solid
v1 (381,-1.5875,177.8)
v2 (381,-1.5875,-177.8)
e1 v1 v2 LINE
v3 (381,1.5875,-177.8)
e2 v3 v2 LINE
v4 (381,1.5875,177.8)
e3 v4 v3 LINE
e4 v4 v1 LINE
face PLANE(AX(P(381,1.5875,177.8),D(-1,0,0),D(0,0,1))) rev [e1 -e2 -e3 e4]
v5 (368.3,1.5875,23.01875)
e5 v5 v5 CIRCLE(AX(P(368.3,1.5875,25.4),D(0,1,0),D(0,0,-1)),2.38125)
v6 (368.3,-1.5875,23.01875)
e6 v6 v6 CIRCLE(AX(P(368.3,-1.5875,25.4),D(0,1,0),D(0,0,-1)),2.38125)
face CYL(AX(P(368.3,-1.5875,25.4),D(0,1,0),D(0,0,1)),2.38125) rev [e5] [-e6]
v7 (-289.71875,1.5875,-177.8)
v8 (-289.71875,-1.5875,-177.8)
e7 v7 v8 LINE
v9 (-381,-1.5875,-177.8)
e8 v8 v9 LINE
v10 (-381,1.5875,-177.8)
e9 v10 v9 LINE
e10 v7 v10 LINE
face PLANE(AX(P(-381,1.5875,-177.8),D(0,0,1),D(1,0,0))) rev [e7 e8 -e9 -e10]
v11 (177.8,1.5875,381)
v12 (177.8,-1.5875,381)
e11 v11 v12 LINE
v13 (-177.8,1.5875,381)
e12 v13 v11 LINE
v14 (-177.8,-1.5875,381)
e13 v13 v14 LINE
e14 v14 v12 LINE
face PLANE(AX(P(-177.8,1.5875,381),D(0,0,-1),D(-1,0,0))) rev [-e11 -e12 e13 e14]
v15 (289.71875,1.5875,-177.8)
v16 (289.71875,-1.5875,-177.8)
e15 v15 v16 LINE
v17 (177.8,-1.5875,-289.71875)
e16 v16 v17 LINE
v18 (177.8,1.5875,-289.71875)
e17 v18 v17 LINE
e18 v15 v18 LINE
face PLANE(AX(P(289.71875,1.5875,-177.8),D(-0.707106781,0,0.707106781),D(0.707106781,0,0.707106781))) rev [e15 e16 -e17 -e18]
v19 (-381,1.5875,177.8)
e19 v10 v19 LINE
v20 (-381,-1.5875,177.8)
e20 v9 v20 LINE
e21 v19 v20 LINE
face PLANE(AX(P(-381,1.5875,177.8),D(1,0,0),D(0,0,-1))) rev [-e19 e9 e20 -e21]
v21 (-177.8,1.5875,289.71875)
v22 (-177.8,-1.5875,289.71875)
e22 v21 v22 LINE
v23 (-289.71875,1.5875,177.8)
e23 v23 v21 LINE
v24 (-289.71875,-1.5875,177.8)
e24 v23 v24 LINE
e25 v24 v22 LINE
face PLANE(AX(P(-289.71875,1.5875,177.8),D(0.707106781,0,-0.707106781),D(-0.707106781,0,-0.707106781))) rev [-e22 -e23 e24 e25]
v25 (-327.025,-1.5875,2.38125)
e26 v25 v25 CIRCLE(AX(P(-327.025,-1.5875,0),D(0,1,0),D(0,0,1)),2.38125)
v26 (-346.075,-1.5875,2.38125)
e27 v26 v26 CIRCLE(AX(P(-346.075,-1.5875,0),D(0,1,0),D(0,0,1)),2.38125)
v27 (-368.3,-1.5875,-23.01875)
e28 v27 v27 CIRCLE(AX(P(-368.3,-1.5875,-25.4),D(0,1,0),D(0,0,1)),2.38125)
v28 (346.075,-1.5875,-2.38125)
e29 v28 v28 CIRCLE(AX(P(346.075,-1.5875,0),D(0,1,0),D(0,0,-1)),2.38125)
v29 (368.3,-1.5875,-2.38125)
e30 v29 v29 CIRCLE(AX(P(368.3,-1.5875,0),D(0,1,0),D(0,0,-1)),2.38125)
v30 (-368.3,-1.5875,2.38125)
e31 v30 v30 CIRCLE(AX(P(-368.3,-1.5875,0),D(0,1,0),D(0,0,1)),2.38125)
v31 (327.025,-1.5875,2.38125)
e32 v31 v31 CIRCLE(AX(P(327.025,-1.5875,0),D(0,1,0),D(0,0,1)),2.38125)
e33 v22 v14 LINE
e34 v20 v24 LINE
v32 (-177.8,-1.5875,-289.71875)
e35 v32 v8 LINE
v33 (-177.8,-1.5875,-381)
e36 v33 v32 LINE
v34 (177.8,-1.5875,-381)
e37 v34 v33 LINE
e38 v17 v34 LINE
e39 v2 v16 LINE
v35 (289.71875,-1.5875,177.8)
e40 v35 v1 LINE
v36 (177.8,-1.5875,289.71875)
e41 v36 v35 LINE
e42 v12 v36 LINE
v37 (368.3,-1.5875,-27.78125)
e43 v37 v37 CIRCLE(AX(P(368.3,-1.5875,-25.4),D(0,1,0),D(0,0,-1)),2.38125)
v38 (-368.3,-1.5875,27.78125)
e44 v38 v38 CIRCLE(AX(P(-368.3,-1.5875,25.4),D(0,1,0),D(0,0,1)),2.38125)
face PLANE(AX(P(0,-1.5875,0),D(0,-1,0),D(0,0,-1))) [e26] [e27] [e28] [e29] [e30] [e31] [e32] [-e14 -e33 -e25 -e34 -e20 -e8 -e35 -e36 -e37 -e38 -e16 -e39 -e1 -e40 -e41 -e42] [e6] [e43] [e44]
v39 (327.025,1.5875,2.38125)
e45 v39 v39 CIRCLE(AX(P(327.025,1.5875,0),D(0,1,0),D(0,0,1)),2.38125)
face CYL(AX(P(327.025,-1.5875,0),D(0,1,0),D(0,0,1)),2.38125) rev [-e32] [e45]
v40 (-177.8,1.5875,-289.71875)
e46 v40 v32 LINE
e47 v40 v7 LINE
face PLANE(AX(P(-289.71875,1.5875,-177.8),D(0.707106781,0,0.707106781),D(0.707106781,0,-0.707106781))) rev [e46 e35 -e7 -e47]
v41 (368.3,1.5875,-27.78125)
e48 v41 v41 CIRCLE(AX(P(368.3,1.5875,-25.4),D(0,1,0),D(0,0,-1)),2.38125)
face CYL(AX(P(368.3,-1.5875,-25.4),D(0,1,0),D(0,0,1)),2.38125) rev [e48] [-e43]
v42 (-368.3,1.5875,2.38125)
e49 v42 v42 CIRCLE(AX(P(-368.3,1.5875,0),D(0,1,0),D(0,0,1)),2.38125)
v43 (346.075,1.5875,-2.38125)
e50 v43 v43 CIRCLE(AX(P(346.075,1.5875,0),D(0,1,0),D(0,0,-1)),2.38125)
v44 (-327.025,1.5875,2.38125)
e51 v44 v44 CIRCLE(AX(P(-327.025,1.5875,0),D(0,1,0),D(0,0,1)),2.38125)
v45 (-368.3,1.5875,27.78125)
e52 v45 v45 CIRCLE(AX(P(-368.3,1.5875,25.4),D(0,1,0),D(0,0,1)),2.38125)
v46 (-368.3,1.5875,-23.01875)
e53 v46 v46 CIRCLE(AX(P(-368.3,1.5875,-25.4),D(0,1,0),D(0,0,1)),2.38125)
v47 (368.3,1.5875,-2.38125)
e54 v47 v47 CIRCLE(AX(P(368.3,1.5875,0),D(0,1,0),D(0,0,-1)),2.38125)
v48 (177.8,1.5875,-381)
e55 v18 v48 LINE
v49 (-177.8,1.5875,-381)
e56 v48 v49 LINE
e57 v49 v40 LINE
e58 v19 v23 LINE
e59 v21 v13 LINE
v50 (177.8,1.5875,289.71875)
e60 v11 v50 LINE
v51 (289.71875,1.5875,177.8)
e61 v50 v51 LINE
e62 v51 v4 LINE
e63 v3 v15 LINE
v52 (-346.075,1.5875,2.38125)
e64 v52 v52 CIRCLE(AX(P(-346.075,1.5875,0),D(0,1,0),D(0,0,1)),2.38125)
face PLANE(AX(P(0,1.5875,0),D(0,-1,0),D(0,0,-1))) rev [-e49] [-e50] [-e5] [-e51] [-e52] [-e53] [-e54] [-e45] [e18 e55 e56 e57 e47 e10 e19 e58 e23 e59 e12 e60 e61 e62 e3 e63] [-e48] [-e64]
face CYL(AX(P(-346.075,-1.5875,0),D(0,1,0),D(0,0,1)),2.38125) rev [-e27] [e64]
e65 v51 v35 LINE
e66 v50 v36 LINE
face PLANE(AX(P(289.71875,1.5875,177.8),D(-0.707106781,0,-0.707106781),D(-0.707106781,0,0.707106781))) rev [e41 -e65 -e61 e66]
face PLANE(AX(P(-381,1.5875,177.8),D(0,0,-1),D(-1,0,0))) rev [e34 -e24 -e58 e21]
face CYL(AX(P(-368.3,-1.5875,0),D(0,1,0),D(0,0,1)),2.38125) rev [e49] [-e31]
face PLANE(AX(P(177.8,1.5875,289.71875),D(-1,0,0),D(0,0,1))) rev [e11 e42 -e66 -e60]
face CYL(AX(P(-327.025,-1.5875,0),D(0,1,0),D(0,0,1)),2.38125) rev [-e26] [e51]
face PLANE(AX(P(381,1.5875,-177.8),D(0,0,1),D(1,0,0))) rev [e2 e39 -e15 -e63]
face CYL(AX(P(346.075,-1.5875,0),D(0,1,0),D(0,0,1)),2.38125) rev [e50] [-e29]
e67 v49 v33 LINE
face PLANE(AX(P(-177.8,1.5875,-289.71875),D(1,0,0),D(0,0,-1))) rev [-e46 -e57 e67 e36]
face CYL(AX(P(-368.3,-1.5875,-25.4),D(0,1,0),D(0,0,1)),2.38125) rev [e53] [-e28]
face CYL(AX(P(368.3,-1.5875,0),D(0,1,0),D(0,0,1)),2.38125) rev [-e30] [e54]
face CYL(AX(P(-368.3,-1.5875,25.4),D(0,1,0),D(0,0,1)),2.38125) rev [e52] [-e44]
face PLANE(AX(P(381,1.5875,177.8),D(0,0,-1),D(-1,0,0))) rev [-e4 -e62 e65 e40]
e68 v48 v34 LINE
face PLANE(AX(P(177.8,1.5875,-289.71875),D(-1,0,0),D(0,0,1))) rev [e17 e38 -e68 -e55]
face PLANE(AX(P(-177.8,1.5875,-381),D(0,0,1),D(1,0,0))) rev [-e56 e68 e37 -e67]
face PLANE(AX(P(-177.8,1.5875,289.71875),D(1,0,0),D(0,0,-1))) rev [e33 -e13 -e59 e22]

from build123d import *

# Parameters (mm, degrees)
BOSS_EXTRUDE1_DEPTH = 1.5875
SKETCH2_R           = 2.38125
CUT_EXTRUDE1_DEPTH  = 539.824721616


with BuildPart() as part:
    # Sketch1 → Boss-Extrude1 (new, symmetric)
    with BuildSketch(Plane(origin=(0, 0, 0), x_dir=(1, 0, 0), z_dir=(0, 1, 0))):
        Polygon((-381, 177.8), (-289.71875, 177.8), (-177.8, 289.71875), (-177.8, 381), (177.8, 381), (177.8, 289.71875), (289.71875, 177.8), (381, 177.8), (381, -177.8), (289.71875, -177.8), (177.8, -289.71875), (177.8, -381), (-177.8, -381), (-177.8, -289.71875), (-289.71875, -177.8), (-381, -177.8), align=None)
    extrude(amount=BOSS_EXTRUDE1_DEPTH, both=True)

    # Sketch2 → Cut-Extrude1 (cut, through all)
    with BuildSketch(Plane(origin=(0, 1.5875, 0), x_dir=(1, 0, 0), z_dir=(0, 1, 0))):
        with Locations(Location((-346.075, 0, 0), (0, 0, 270))):
            Circle(SKETCH2_R)
        with Locations(Location((-368.3, 0, 0), (0, 0, 270))):
            Circle(SKETCH2_R)
        with Locations(Location((-368.3, 25.4, 0), (0, 0, 270))):
            Circle(SKETCH2_R)
        with Locations(Location((-368.3, -25.4, 0), (0, 0, 270))):
            Circle(SKETCH2_R)
        with Locations(Location((368.3, -25.4, 0), (0, 0, 90))):
            Circle(SKETCH2_R)
        with Locations(Location((368.3, 25.4, 0), (0, 0, 90))):
            Circle(SKETCH2_R)
        with Locations(Location((368.3, 0, 0), (0, 0, 90))):
            Circle(SKETCH2_R)
        with Locations(Location((346.075, 0, 0), (0, 0, 90))):
            Circle(SKETCH2_R)
        with Locations(Location((-327.025, 0, 0), (0, 0, 270))):
            Circle(SKETCH2_R)
        with Locations(Location((327.025, 0, 0), (0, 0, 270))):
            Circle(SKETCH2_R)
    extrude(amount=-CUT_EXTRUDE1_DEPTH, mode=Mode.SUBTRACT)


solid = part.part
